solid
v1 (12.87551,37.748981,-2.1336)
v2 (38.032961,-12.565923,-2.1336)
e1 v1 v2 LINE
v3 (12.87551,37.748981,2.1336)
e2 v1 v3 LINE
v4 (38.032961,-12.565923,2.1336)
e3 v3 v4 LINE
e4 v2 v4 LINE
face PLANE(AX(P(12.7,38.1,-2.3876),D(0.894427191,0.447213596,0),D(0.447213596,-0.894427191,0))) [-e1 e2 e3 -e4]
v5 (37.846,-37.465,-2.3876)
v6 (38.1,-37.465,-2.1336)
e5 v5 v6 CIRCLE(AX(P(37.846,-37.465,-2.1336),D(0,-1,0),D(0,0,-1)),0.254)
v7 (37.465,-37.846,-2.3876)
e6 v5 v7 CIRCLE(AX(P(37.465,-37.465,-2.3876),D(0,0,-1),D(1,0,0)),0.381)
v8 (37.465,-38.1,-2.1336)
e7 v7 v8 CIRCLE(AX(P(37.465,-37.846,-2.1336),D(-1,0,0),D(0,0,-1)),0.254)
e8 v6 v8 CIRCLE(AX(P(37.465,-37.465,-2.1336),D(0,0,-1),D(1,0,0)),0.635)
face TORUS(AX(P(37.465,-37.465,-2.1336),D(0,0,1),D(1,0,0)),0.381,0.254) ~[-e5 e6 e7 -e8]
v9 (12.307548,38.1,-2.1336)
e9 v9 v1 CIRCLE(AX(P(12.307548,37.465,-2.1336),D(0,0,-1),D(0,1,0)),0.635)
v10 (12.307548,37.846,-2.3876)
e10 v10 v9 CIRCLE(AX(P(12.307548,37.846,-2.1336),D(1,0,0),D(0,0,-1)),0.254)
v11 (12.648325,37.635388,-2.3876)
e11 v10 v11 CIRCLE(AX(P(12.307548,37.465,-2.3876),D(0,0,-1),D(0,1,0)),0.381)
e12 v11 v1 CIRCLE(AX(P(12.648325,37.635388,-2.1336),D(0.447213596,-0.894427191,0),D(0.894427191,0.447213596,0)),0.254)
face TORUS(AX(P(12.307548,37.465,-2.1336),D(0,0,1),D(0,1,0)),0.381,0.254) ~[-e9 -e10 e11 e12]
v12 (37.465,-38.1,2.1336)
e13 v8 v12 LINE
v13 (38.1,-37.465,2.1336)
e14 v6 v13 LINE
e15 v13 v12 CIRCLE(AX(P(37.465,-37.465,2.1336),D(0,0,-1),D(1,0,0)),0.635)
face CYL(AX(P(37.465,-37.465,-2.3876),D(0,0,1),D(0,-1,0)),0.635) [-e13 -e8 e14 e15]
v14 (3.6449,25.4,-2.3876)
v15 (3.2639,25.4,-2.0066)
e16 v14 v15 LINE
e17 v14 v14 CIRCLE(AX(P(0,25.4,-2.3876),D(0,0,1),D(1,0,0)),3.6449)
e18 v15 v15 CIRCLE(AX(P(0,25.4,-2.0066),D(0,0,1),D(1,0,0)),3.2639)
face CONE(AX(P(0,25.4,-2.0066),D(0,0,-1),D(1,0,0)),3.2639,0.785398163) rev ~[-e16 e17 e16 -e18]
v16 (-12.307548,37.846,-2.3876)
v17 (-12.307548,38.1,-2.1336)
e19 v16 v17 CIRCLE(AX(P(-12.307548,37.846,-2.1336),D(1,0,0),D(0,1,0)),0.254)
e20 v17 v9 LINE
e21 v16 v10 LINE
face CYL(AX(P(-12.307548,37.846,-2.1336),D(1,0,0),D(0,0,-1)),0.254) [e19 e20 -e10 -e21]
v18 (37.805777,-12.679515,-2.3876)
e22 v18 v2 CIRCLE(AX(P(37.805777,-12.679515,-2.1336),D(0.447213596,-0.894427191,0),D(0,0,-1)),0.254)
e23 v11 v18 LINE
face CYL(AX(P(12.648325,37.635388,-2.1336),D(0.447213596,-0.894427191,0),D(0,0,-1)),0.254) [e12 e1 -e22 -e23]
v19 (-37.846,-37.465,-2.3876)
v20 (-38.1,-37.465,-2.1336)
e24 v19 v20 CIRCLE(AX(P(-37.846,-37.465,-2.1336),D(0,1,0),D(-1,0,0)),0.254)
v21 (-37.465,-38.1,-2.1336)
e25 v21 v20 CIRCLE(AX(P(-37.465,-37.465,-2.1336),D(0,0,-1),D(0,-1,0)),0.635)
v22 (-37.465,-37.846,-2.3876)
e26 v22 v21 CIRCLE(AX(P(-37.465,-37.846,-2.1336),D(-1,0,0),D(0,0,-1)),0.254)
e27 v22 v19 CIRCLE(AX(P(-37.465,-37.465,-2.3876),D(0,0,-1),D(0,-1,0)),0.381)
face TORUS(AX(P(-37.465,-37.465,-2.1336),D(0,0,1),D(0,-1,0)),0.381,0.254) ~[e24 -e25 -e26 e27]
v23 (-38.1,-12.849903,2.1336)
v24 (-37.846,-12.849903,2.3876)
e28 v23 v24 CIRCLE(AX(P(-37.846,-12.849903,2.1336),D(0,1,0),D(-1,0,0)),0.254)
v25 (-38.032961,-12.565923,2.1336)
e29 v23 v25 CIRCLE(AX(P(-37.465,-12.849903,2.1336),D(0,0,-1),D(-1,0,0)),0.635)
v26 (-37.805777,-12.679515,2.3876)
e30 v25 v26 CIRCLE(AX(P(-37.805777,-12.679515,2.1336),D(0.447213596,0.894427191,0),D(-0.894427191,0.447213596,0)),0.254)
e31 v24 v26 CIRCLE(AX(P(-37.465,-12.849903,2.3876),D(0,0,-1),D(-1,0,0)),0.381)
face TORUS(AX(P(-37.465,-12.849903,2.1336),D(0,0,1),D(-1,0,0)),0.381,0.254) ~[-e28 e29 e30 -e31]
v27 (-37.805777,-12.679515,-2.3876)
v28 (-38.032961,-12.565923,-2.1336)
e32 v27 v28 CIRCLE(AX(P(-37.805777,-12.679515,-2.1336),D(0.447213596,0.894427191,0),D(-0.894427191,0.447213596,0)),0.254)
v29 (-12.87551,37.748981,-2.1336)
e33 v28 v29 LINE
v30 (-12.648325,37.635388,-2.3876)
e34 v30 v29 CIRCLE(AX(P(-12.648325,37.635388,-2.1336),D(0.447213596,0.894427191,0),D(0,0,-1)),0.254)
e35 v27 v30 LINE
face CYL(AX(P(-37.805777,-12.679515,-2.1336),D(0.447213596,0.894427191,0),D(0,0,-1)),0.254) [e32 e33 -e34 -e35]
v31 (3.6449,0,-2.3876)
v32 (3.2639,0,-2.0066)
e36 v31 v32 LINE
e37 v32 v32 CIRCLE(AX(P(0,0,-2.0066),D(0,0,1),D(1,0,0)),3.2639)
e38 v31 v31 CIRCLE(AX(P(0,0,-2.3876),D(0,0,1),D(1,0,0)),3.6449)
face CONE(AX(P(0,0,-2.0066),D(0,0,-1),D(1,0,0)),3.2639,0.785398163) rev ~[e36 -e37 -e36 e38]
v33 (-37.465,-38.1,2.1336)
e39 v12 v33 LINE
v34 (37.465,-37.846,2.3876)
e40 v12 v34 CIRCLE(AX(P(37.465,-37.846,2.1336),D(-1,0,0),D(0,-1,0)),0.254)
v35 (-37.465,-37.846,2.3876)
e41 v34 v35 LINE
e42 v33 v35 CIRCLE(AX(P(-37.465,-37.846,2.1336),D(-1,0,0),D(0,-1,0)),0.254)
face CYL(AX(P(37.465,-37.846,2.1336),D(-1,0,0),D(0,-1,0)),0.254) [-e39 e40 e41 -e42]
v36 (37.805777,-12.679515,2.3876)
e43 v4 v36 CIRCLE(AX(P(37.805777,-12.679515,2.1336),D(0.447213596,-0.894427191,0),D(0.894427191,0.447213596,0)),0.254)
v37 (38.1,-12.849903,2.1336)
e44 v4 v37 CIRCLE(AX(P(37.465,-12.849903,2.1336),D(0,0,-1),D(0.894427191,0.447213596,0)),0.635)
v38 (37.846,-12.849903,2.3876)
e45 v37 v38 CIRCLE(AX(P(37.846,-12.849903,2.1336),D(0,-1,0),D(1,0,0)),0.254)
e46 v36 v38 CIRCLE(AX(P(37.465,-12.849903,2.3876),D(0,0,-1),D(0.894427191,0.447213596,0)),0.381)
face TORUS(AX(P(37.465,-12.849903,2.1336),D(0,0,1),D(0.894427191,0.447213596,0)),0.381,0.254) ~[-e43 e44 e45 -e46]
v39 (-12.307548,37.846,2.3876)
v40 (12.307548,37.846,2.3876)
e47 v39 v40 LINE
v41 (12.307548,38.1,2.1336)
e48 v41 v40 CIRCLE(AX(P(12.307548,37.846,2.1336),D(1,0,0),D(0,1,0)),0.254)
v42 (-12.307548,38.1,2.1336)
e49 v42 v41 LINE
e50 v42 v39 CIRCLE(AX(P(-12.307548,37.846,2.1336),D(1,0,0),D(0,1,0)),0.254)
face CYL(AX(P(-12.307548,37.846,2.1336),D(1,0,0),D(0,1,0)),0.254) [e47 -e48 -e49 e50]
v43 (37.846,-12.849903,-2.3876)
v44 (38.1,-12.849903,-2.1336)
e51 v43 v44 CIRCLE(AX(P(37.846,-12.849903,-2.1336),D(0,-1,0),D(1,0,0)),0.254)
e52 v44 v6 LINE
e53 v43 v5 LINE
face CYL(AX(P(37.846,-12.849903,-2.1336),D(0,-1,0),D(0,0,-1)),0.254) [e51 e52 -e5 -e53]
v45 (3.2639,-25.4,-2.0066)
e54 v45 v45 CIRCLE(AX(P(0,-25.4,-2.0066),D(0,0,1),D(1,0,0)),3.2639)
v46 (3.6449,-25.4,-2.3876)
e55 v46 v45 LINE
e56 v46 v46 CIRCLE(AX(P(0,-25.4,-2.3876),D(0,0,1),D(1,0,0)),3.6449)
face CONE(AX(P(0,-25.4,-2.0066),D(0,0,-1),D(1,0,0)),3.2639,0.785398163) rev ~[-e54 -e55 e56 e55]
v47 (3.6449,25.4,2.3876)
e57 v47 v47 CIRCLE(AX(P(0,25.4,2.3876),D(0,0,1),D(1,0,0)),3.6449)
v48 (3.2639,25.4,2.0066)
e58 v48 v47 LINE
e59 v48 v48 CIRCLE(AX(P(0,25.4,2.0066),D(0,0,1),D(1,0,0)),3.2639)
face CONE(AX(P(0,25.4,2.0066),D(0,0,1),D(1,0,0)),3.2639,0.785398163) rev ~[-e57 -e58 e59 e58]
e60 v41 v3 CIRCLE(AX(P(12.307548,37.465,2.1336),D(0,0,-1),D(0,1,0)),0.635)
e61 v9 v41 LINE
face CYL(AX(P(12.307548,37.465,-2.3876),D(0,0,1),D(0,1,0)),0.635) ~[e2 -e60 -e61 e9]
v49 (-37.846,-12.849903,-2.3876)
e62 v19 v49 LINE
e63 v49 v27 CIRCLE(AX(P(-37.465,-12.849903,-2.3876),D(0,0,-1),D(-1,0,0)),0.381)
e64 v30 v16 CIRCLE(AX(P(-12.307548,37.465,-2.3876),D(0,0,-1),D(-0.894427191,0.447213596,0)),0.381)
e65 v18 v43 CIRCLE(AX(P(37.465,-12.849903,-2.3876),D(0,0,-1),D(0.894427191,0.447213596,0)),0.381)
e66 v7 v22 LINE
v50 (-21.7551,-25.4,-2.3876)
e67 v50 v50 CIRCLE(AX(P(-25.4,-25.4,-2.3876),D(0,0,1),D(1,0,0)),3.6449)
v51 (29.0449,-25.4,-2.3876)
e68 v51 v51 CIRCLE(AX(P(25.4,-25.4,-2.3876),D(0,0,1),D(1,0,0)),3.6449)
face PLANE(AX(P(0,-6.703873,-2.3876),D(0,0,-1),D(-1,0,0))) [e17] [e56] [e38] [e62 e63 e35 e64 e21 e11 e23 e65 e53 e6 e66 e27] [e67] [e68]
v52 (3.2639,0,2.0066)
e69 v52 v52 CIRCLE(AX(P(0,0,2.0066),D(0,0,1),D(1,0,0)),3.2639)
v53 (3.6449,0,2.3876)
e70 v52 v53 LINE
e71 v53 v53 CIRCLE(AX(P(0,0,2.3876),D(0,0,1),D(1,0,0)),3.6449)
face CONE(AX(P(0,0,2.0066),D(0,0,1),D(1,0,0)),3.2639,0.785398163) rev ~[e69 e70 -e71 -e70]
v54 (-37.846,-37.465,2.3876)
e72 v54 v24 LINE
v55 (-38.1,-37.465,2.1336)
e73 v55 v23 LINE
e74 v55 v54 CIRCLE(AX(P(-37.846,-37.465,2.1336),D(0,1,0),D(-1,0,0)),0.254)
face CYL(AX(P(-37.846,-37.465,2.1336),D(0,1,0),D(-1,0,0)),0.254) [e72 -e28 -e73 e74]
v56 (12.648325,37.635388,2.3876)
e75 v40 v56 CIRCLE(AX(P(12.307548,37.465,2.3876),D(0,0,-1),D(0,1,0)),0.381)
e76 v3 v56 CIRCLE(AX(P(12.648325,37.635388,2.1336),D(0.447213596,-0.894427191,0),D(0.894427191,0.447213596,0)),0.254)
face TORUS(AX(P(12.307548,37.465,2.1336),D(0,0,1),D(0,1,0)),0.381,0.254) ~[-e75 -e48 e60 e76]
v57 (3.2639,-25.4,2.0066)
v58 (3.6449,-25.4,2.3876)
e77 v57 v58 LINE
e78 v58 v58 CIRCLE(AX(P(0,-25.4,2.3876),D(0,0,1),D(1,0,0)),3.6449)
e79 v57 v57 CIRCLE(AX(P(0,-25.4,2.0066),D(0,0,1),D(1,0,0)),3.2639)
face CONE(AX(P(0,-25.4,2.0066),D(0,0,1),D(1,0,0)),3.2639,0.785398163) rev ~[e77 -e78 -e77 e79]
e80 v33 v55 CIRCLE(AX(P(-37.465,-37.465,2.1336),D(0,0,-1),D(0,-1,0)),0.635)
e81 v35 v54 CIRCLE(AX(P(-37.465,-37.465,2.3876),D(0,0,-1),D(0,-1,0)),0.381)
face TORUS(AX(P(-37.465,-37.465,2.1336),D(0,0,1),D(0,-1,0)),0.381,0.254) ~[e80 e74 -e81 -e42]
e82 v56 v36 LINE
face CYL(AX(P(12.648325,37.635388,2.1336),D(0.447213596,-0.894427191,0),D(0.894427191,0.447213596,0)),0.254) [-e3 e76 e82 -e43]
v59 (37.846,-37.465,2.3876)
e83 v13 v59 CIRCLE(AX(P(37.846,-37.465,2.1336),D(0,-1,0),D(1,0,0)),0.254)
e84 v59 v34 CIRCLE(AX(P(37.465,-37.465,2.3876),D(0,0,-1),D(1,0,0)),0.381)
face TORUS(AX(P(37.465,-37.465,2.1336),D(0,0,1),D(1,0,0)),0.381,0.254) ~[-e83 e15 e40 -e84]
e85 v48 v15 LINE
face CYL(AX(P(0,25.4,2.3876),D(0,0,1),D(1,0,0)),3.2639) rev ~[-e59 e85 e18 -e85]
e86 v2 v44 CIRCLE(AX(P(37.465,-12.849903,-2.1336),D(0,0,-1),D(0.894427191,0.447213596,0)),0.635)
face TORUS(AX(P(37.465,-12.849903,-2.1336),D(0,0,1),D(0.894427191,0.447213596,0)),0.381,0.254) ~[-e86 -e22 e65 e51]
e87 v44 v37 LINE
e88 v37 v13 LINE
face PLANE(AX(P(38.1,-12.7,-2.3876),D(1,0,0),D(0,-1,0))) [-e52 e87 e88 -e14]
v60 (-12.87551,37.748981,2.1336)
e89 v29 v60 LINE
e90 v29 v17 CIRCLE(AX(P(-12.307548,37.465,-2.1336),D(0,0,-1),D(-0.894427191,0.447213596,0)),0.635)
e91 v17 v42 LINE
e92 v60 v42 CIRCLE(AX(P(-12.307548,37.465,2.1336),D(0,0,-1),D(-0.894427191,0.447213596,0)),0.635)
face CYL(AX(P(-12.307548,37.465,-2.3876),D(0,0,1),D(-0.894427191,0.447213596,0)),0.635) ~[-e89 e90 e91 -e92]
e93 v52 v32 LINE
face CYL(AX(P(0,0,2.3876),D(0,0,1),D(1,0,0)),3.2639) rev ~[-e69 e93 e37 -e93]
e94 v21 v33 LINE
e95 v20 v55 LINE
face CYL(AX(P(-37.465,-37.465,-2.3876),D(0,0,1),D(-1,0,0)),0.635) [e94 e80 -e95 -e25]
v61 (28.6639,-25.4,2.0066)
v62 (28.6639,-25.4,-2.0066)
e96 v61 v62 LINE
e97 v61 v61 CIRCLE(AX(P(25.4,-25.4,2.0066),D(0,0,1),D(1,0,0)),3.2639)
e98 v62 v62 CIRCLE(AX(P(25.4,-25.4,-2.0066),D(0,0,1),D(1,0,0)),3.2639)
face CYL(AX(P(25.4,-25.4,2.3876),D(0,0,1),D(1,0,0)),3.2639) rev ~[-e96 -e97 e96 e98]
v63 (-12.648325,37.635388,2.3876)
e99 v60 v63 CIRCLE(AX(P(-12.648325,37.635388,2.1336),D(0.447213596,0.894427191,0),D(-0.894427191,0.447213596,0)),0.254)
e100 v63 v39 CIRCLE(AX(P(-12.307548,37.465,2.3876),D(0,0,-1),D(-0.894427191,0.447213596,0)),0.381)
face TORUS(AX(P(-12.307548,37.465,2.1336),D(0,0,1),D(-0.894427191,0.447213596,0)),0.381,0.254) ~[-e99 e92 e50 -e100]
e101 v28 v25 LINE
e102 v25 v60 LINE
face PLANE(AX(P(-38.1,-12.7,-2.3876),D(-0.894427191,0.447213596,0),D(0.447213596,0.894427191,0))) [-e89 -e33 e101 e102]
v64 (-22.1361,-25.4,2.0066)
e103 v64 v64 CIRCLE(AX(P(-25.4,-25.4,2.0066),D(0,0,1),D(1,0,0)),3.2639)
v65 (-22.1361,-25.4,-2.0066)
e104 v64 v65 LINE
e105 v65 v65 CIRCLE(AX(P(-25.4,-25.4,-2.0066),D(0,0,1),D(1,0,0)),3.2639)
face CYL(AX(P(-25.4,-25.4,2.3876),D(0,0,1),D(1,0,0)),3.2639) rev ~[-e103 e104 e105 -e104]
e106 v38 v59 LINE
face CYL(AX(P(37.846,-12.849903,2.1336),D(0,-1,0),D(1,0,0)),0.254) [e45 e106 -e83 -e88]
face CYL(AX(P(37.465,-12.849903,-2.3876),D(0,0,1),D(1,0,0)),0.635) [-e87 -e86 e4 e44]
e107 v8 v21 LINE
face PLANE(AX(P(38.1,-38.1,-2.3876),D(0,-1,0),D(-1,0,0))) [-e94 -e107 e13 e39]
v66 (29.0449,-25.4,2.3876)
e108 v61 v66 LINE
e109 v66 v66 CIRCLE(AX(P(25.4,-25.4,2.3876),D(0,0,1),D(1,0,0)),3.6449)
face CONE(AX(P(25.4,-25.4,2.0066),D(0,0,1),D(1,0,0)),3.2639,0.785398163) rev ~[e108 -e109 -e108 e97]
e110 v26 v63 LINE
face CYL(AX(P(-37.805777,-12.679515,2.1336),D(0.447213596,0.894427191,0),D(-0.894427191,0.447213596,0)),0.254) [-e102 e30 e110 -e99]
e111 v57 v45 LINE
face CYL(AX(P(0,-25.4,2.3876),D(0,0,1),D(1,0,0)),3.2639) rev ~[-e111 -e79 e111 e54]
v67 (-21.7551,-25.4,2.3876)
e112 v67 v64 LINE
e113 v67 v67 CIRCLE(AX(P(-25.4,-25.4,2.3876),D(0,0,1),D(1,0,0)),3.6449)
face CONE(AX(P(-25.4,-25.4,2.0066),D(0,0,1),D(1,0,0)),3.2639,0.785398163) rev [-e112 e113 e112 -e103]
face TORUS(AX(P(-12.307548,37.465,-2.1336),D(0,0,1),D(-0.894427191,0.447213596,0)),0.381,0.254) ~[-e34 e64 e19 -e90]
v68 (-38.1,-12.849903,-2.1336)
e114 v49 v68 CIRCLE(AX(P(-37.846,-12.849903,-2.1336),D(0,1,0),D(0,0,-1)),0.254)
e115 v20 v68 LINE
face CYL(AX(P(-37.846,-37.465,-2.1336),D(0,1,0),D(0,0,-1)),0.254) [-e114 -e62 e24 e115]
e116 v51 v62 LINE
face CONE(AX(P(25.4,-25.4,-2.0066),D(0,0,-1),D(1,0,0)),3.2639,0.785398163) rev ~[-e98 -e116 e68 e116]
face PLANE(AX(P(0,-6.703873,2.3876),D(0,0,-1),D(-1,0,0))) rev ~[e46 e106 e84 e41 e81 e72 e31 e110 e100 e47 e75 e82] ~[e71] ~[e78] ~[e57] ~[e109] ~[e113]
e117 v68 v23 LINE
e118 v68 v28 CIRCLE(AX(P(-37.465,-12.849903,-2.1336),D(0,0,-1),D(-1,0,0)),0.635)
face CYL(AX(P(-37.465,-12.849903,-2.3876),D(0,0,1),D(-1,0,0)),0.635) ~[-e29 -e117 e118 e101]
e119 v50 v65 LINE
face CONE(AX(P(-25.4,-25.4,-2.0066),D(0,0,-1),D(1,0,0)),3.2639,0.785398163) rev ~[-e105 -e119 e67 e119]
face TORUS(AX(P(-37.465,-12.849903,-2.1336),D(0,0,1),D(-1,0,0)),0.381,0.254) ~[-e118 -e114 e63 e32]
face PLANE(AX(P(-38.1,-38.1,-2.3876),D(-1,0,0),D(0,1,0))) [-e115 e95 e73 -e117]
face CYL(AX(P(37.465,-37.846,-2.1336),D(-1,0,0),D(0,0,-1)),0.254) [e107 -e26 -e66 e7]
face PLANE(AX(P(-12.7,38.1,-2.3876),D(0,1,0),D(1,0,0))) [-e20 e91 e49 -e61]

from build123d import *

# Parameters (mm, degrees)
BOSS_EXTRUDE1_START        = -2.3876
BOSS_EXTRUDE1_DEPTH        = 4.7752
SKETCH4_R                  = 3.2639
CUT_EXTRUDE1_DEPTH         = 55.092721646
CHAMFER1_SIZE              = 0.381
LPATTERN1_COUNT            = 3
LPATTERN1_PITCH            = 25.4
LPATTERN1_COUNT_DIR2       = 3
LPATTERN1_PITCH_DIR2       = 25.4
CHAMFER1_OF_LPATTERN1_SIZE = 0.381
FILLET1_R                  = 0.635
FILLET2_R                  = 0.254


with BuildPart() as part:
    # Sketch3 → Boss-Extrude1 (new body)
    with BuildSketch(Plane.XY.offset(BOSS_EXTRUDE1_START)):
        Polygon((-38.1, -38.1), (-38.1, -12.7), (-12.7, 38.1), (12.7, 38.1), (38.1, -12.7), (38.1, -38.1), align=None)
    extrude(amount=BOSS_EXTRUDE1_DEPTH)

    # Sketch4 → Cut-Extrude1 (cut, through all)
    with BuildSketch(Plane.XY.offset(2.3876)):
        with Locations((-25.4, -25.4)):
            Circle(SKETCH4_R)
    cut_extrude1 = extrude(amount=-CUT_EXTRUDE1_DEPTH, mode=Mode.SUBTRACT)

    # Chamfer1
    chamfer1_edges = [part.edges().sort_by_distance(p)[0] for p in [
        (-28.6639, -25.4, -2.3876),
        (-28.6639, -25.4, 2.3876),
    ]]
    chamfer(chamfer1_edges, length=CHAMFER1_SIZE)

    # LPattern1: Cut-Extrude1 3 × 3, 4 skipped
    with Locations(*[(i * LPATTERN1_PITCH, j * LPATTERN1_PITCH_DIR2, 0) for i in range(LPATTERN1_COUNT) for j in range(LPATTERN1_COUNT_DIR2) if (i, j) not in ((0, 0), (0, 1), (0, 2), (2, 1), (2, 2))]):
        add(cut_extrude1, mode=Mode.SUBTRACT)

    # Chamfer1 of LPattern1
    chamfer1_of_lpattern1_edges = [part.edges().sort_by_distance(p)[0] for p in [
        (-3.2639, -25.4, -2.3876),
        (-3.2639, -25.4, 2.3876),
        (-3.2639, 0, -2.3876),
        (-3.2639, 0, 2.3876),
        (-3.2639, 25.4, -2.3876),
        (-3.2639, 25.4, 2.3876),
        (22.1361, -25.4, -2.3876),
        (22.1361, -25.4, 2.3876),
    ]]
    chamfer(chamfer1_of_lpattern1_edges, length=CHAMFER1_OF_LPATTERN1_SIZE)

    # Fillet1
    fillet1_edges = [part.edges().sort_by_distance(p)[0] for p in [
        (-38.1, -38.1, 0),
        (-38.1, -12.7, 0),
        (-12.7, 38.1, 0),
        (12.7, 38.1, 0),
        (38.1, -12.7, 0),
        (38.1, -38.1, 0),
    ]]
    fillet(fillet1_edges, radius=FILLET1_R)

    # Fillet2
    fillet2_edges = [part.edges().sort_by_distance(p)[0] for p in [
        (0, -38.1, -2.3876),
        (0, -38.1, 2.3876),
        (-38.1, -25.157451583, -2.3876),
        (-25.454235475, 12.59152905, -2.3876),
        (0, 38.1, -2.3876),
        (25.454235475, 12.59152905, -2.3876),
        (38.1, -25.157451583, -2.3876),
        (38.083013108, -12.704010061, -2.3876),
        (37.914012806, -37.914012806, -2.3876),
        (12.641387673, 38.005163263, -2.3876),
        (-12.641387673, 38.005163263, -2.3876),
        (-38.083013108, -12.704010061, -2.3876),
        (-37.914012806, -37.914012806, -2.3876),
        (-38.1, -25.157451583, 2.3876),
        (38.1, -25.157451583, 2.3876),
        (25.454235475, 12.59152905, 2.3876),
        (0, 38.1, 2.3876),
        (-25.454235475, 12.59152905, 2.3876),
        (38.083013108, -12.704010061, 2.3876),
        (37.914012806, -37.914012806, 2.3876),
        (12.641387673, 38.005163263, 2.3876),
        (-12.641387673, 38.005163263, 2.3876),
        (-38.083013108, -12.704010061, 2.3876),
        (-37.914012806, -37.914012806, 2.3876),
    ]]
    fillet(fillet2_edges, radius=FILLET2_R)


solid = part.part
